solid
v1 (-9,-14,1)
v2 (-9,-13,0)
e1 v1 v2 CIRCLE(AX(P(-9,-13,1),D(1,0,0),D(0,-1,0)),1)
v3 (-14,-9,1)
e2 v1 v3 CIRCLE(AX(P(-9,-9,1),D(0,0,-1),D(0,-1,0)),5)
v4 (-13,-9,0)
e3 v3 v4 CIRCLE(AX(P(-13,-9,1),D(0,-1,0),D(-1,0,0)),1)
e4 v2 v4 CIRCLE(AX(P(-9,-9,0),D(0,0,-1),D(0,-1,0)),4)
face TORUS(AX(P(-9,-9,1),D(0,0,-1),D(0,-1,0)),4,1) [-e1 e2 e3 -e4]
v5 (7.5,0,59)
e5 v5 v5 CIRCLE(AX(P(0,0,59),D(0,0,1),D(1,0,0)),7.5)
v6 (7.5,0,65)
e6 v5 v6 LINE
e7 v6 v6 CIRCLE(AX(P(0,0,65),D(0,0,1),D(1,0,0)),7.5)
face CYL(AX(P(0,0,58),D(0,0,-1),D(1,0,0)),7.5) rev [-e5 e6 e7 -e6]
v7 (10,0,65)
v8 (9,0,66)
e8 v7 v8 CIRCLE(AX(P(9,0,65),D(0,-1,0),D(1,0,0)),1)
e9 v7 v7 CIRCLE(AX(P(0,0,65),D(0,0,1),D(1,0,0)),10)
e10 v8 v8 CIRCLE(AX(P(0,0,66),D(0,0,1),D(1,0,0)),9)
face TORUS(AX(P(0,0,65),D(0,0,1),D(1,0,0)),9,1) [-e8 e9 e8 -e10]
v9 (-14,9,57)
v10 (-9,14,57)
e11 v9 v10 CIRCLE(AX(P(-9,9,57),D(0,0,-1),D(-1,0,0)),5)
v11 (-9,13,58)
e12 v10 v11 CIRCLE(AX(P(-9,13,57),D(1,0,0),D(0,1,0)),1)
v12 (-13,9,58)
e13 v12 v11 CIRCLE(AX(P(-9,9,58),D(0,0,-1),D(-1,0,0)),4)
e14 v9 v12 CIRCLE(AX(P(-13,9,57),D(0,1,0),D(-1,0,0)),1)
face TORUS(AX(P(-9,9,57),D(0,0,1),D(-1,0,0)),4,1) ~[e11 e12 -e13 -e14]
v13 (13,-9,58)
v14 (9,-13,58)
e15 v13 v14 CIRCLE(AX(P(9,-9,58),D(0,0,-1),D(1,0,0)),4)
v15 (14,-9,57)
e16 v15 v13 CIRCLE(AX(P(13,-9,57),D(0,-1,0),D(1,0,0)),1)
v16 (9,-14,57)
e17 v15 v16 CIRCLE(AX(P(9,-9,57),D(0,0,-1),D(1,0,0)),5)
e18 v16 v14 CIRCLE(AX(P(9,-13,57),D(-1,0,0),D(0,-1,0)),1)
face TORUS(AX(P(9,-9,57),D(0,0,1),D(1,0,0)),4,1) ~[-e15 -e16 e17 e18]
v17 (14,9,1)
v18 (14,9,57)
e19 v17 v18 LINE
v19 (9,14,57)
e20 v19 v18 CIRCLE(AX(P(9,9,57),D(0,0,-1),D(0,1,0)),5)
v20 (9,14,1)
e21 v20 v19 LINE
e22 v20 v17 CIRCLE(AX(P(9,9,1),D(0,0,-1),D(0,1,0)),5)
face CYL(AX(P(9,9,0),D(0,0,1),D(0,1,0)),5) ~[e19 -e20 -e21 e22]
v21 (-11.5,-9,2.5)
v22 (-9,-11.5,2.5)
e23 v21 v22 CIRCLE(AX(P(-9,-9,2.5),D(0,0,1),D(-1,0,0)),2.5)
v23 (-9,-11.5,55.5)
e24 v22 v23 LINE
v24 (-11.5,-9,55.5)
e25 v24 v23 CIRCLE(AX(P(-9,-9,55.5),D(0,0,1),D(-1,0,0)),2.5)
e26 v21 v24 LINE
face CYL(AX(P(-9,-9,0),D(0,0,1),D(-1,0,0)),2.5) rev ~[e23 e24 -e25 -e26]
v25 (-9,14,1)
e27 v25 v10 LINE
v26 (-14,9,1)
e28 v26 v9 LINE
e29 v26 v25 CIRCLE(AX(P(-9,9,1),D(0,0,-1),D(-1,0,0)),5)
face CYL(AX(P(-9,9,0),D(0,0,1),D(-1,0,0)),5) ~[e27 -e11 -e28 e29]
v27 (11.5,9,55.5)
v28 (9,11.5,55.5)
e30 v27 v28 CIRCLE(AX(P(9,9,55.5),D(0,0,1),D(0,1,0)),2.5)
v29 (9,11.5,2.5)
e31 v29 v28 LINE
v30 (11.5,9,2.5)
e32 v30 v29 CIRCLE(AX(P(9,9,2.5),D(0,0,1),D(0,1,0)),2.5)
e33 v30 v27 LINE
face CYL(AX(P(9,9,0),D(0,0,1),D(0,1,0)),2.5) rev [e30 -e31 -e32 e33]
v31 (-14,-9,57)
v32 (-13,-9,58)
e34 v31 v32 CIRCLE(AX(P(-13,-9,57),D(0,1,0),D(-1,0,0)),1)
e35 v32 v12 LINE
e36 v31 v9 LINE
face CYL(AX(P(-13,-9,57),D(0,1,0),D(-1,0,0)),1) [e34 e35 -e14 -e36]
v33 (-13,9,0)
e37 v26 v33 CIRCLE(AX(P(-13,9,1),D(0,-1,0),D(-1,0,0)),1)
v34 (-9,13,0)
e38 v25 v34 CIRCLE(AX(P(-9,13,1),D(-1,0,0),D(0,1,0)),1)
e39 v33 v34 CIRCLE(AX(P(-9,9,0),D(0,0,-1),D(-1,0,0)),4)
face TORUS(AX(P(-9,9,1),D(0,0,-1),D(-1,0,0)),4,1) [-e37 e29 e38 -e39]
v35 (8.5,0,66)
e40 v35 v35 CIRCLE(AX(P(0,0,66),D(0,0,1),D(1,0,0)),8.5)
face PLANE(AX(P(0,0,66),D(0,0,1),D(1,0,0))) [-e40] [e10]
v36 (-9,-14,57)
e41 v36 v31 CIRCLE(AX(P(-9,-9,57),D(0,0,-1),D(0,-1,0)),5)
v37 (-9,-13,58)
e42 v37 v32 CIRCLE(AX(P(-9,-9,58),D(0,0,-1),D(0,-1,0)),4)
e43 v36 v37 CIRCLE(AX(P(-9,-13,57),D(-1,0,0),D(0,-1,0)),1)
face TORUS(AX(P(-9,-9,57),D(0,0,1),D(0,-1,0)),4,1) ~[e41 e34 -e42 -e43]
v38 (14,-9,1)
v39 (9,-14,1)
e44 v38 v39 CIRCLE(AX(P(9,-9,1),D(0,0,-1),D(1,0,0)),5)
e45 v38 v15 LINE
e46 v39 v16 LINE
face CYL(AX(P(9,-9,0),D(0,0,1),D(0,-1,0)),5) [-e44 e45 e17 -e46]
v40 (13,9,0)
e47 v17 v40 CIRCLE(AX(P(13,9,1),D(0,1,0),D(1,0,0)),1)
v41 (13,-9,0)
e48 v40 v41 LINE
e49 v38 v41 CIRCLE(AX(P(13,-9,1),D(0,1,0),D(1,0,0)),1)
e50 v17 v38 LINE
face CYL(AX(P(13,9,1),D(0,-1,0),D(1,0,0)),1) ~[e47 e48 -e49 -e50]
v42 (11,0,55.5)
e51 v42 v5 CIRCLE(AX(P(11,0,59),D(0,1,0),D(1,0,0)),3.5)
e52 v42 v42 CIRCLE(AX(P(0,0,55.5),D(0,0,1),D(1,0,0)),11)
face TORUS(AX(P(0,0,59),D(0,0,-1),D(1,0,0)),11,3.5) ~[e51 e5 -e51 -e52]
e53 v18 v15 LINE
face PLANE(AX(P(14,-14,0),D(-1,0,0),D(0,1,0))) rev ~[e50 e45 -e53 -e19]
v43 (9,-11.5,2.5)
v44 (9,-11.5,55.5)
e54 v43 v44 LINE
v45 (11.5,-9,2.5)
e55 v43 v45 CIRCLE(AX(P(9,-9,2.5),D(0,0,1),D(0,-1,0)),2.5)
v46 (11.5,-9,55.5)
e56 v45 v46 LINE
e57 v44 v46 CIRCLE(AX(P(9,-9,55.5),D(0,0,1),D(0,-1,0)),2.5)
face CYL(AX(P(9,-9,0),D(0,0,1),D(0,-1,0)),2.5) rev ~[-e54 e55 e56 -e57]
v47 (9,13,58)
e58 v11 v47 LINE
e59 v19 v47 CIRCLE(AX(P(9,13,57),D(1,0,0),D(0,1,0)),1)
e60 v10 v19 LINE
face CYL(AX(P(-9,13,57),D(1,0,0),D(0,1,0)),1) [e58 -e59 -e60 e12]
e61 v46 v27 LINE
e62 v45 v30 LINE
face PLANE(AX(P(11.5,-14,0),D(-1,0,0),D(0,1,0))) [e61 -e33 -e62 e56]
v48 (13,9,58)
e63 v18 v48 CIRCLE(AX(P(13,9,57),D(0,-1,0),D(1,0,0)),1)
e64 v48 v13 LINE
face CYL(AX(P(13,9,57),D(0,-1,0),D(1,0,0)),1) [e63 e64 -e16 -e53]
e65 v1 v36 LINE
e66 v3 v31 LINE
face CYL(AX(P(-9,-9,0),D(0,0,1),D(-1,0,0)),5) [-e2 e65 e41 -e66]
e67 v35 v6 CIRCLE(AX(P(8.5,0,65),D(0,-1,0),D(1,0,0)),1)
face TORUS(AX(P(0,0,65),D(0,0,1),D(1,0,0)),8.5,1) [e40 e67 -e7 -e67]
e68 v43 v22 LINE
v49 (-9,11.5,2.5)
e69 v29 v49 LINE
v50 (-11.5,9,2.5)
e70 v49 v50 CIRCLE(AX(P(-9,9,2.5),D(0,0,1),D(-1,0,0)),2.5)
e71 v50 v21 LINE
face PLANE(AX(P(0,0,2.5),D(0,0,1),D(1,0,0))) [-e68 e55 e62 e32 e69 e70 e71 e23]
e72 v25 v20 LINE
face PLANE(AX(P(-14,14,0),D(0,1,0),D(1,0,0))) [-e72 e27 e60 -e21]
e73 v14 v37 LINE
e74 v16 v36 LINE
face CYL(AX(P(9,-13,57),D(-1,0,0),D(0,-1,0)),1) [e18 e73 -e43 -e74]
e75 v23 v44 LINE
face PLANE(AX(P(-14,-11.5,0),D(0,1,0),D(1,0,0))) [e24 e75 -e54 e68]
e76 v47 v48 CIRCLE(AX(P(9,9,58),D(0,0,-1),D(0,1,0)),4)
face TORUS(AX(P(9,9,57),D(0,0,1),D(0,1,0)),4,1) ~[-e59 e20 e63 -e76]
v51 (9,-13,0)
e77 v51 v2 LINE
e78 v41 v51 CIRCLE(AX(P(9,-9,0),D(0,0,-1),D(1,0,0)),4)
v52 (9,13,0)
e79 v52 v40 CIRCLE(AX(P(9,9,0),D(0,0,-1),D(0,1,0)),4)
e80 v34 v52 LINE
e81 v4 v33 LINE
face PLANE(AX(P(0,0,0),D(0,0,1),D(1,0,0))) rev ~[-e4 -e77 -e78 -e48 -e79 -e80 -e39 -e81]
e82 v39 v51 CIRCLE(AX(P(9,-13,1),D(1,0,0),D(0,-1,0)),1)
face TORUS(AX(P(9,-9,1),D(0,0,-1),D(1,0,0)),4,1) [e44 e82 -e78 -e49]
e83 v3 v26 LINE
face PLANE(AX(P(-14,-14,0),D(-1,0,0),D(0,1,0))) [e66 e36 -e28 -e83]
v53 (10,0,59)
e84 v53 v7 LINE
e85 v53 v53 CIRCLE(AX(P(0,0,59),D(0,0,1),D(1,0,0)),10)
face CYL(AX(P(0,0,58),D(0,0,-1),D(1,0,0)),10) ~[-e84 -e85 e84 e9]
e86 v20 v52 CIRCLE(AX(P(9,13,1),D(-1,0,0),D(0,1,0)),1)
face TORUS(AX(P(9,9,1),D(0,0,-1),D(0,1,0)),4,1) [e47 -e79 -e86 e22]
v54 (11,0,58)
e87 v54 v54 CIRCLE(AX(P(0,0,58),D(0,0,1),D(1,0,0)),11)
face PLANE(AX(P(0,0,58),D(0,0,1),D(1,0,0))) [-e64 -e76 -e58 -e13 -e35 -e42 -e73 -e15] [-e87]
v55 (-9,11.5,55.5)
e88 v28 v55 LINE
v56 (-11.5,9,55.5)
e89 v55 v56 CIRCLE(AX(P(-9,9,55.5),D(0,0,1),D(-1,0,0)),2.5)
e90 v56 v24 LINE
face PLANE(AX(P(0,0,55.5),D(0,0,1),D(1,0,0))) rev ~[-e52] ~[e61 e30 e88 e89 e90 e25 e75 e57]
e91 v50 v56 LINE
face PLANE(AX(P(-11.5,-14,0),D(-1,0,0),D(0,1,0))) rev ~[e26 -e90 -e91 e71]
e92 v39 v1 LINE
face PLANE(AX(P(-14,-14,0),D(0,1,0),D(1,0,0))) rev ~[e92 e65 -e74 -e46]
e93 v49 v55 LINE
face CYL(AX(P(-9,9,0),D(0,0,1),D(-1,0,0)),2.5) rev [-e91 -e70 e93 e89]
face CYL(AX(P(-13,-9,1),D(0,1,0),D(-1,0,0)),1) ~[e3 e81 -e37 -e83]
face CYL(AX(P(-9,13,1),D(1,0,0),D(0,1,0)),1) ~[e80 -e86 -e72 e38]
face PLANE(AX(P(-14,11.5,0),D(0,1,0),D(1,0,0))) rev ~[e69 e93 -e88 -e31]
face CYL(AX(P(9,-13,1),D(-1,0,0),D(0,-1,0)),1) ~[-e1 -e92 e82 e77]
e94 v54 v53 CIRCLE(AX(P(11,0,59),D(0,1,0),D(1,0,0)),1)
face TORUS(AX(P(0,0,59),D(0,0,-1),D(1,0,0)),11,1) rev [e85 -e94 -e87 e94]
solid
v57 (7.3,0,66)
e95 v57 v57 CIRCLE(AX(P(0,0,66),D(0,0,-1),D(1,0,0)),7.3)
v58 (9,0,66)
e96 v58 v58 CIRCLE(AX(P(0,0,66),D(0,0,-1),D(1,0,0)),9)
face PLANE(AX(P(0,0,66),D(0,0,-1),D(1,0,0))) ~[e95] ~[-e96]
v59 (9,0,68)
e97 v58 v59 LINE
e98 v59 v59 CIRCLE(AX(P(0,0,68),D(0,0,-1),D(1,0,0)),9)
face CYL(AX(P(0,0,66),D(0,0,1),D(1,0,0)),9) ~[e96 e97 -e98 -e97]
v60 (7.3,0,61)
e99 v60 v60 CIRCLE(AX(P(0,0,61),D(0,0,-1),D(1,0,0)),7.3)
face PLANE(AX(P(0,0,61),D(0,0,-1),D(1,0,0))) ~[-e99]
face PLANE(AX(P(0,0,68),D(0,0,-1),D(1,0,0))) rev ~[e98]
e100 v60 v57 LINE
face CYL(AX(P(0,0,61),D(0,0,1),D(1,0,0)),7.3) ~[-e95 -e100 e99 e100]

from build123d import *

# Parameters (mm, degrees)
F0_W     = 28
F0_H     = 28
F1_DEPTH = 58
F2_R     = 10
F3_DEPTH = 8
F4_R     = 5
F5_R     = 1
F6_T     = -2.5
F7_R     = 1


with BuildPart() as f1:
    # F0 (on Top) → F1 (new body)
    with BuildSketch(Plane.XY):
        Rectangle(F0_W, F0_H)
    extrude(amount=F1_DEPTH)

    # F2 (on face) → F3 (join)
    with BuildSketch(Plane.XY.offset(58)):
        Circle(F2_R)
    extrude(amount=F3_DEPTH)

    # F4
    f4_edges = [f1.edges().sort_by_distance(p)[0] for p in [
        (-14, -14, 29),
        (14, -14, 29),
        (14, 14, 29),
        (-14, 14, 29),
    ]]
    fillet(f4_edges, radius=F4_R)

    # F5
    f5_edges = [f1.edges().sort_by_distance(p)[0] for p in [
        (-10, 0, 58),
        (-14, 0, 58),
        (-14, 0, 0),
    ]]
    fillet(f5_edges, radius=F5_R)

    # F6
    f6_openings = [f1.faces().sort_by_distance(p)[0] for p in [
        (0, 0, 66),
    ]]
    offset(amount=F6_T, openings=f6_openings)

    # F7
    f7_edges = [f1.edges().sort_by_distance(p)[0] for p in [
        (-10, 0, 66),
        (-7.5, 0, 66),
    ]]
    fillet(f7_edges, radius=F7_R)


with BuildPart() as f9:
    # F8 (on Front) → F9 (revolve)
    with BuildSketch(Plane.XZ):
        Polygon((9, 68), (0, 68), (0, 61), (7.3, 61), (7.3, 66), (9, 66), align=None)
    revolve(axis=Axis((0, 0, 64.5), (0, 0, -1)))


solid = Compound([f1.part, f9.part])
